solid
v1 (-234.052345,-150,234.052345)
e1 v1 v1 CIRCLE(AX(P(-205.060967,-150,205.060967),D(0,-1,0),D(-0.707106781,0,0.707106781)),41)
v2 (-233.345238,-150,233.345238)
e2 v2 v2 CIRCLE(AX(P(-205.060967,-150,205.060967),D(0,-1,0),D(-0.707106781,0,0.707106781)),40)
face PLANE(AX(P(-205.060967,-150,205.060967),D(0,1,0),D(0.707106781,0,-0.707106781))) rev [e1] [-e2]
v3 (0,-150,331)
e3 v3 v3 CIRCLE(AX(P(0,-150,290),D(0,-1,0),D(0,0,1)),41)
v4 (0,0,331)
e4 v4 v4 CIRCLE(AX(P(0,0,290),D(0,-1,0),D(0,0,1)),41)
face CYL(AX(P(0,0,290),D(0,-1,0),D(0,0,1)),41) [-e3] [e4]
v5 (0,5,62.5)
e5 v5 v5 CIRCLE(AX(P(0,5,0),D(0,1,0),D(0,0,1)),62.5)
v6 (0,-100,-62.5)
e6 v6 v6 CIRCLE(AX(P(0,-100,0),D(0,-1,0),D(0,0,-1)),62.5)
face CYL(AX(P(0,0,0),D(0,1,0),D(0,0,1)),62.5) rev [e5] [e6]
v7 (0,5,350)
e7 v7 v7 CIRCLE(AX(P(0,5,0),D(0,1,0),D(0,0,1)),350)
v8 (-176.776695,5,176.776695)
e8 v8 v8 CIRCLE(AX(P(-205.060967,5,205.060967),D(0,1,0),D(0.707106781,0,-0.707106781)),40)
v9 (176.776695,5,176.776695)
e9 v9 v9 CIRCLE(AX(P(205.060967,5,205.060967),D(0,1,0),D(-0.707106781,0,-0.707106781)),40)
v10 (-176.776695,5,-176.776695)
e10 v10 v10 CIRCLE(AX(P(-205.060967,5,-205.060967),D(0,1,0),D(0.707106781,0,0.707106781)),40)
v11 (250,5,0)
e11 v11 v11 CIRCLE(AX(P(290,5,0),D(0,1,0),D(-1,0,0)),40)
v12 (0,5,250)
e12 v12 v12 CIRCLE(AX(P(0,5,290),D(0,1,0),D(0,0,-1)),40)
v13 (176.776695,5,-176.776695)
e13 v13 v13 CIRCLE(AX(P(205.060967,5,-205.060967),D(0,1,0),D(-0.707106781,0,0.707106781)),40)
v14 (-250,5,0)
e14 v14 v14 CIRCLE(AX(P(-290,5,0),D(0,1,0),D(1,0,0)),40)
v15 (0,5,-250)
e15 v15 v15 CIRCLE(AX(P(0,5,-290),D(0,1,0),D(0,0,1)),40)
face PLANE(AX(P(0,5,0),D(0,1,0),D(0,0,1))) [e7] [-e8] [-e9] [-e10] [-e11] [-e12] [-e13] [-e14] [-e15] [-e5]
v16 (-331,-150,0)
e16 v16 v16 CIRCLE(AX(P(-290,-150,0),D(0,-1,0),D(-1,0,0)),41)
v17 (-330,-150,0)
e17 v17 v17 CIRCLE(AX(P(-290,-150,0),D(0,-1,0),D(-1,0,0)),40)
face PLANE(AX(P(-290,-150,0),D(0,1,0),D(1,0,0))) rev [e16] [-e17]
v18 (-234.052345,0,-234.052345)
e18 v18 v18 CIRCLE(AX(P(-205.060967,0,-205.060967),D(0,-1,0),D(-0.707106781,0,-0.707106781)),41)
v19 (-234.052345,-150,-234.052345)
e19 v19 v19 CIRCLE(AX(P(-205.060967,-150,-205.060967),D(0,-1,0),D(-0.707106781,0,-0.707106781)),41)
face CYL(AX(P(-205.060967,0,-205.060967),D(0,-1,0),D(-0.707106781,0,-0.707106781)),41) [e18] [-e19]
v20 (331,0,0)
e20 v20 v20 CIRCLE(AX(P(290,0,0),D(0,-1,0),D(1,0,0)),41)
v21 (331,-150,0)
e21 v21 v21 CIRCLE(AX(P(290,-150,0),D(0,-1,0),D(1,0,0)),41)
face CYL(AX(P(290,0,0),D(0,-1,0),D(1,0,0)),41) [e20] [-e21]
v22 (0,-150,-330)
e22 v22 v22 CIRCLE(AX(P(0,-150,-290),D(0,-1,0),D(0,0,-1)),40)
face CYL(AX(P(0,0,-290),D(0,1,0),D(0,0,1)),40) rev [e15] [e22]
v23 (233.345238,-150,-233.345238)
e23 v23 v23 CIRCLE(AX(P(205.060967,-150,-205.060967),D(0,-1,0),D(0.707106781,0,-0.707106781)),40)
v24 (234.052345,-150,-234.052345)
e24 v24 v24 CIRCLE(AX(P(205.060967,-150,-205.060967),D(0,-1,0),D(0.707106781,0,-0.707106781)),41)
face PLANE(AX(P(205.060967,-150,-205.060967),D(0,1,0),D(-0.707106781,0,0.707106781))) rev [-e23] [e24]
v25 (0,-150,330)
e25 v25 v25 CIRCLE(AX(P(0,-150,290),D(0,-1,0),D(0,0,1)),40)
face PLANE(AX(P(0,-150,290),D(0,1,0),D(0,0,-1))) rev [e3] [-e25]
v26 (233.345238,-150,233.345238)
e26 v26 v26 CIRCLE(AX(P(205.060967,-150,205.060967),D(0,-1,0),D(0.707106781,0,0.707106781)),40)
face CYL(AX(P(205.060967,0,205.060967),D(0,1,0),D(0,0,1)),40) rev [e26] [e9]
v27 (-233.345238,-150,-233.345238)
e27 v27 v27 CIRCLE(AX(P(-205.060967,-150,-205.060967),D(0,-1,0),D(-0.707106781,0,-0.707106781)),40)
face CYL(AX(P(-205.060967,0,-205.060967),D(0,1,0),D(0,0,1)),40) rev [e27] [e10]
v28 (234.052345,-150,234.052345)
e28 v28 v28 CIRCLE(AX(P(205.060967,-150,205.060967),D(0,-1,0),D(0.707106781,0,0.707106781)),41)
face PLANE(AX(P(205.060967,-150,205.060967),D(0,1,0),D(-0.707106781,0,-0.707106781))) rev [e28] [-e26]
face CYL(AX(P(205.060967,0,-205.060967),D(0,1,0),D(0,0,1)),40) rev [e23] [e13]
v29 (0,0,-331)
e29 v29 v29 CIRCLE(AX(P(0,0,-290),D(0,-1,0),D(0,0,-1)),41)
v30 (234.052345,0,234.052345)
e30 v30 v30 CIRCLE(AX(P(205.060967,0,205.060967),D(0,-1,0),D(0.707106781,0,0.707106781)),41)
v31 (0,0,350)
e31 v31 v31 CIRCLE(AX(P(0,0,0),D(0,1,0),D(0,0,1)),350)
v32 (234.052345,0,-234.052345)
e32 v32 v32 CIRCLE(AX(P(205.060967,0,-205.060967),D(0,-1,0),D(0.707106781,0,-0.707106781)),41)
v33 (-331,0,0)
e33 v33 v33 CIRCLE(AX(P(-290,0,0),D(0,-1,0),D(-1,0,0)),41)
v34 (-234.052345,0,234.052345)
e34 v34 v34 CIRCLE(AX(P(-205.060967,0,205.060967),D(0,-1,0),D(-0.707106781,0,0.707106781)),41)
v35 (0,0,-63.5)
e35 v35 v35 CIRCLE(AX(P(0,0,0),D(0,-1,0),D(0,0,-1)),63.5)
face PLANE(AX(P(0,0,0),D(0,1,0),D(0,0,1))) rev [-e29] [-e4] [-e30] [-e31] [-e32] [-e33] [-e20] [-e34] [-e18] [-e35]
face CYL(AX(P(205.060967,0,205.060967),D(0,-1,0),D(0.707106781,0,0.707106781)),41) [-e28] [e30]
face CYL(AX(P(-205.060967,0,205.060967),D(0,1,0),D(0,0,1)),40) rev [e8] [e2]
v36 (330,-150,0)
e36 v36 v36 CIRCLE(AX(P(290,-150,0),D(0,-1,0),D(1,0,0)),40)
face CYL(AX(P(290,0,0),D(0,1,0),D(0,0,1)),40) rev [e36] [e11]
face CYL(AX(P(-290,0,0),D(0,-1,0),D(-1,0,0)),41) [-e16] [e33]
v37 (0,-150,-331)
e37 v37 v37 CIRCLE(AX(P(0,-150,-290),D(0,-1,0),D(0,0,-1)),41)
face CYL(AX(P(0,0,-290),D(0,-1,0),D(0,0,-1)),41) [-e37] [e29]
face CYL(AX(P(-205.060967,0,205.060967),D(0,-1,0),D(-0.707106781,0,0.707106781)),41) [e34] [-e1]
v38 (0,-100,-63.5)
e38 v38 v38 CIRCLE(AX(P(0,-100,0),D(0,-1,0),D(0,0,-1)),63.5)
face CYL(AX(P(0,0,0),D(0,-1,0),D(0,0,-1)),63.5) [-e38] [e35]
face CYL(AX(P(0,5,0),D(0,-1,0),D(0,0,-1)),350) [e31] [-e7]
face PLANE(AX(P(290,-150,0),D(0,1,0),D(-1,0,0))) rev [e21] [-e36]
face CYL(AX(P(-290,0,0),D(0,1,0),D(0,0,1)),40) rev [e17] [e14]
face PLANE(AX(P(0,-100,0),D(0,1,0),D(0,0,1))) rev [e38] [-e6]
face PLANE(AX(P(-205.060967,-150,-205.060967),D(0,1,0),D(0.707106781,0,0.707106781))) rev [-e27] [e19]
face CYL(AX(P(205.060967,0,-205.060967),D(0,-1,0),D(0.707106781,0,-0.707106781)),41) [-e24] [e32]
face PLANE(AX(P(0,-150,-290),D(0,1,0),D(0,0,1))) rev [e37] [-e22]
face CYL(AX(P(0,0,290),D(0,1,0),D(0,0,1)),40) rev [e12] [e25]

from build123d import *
from build123d.topology import SkipClean

# Parameters (mm, degrees)
SKETCH1_R                = 350
BOSS_EXTRUDE1_DEPTH      = 5
SKETCH3_R                = 62.5
CUT_EXTRUDE2_DEPTH       = 496
SKETCH2_R                = 40
CUT_EXTRUDE1_DEPTH       = 5
SURFACE_EXTRUDE2_1_DEPTH = 150
THICKEN2_T2              = 1
CIRPATTERN4_COUNT        = 8
CIRPATTERN6_COUNT        = 8
SURFACE_EXTRUDE3_2_DEPTH = 100
THICKEN3_T2              = 1


with BuildPart() as part:
    # Sketch1 → Boss-Extrude1 (new body)
    with BuildSketch(Plane(origin=(0, 0, 0), x_dir=(1, 0, 0), z_dir=(0, 1, 0))):
        with Locations(Location((0, 0, 0), (0, 0, 270))):
            Circle(SKETCH1_R)
    extrude(amount=BOSS_EXTRUDE1_DEPTH)

    # Sketch3 → Cut-Extrude2 (cut, through all)
    with BuildSketch(Plane(origin=(0, 5, 0), x_dir=(1, 0, 0), z_dir=(0, 1, 0))):
        with Locations(Location((0, 0, 0), (0, 0, 270))):
            Circle(SKETCH3_R)
    extrude(amount=-CUT_EXTRUDE2_DEPTH, mode=Mode.SUBTRACT)

    # Sketch2 → Cut-Extrude1 (cut)
    with BuildSketch(Plane(origin=(0, 5, 0), x_dir=(1, 0, 0), z_dir=(0, 1, 0))):
        with Locations(Location((0, 290, 0), (0, 0, 270))):
            Circle(SKETCH2_R)
    cut_extrude1 = extrude(amount=-CUT_EXTRUDE1_DEPTH, mode=Mode.SUBTRACT)

    # Surface-Extrude2: a surface, the sketch's curves swept straight by 150 mm
    with SkipClean():  # the faces are left unmerged after this step: merging them gives an invalid solid
        with BuildLine(Plane.XZ, mode=Mode.PRIVATE) as surface_extrude2_1_path:
            CenterArc((0, -290), 40, 0, 360)
        surface_extrude2_1 = Shell.extrude(surface_extrude2_1_path.wire(), (0 * SURFACE_EXTRUDE2_1_DEPTH, -1 * SURFACE_EXTRUDE2_1_DEPTH, 0 * SURFACE_EXTRUDE2_1_DEPTH))
        add(Solid.thicken(surface_extrude2_1, -THICKEN2_T2))

    # CirPattern4: Cut-Extrude1 ×8 about axis
    with SkipClean():  # the faces are left unmerged after this step: merging them gives an invalid solid
        cirpattern4_axis = Axis((0, 5, 0), (0, 1, 0))
        for i in range(1, CIRPATTERN4_COUNT):
            add(cut_extrude1.rotate(cirpattern4_axis, i * 360 / CIRPATTERN4_COUNT), mode=Mode.SUBTRACT)


with BuildPart() as cirpattern6_1:
    # CirPattern6: pattern copy
    add(part.part.rotate(Axis((0, 0, 0), (0, 1, 0)), 1 * 360 / CIRPATTERN6_COUNT))


with BuildPart() as cirpattern6_2:
    # CirPattern6: pattern copy
    add(part.part.rotate(Axis((0, 0, 0), (0, 1, 0)), 2 * 360 / CIRPATTERN6_COUNT))


with BuildPart() as cirpattern6_3:
    # CirPattern6: pattern copy
    add(part.part.rotate(Axis((0, 0, 0), (0, 1, 0)), 3 * 360 / CIRPATTERN6_COUNT))


with BuildPart() as cirpattern6_4:
    # CirPattern6: pattern copy
    add(part.part.rotate(Axis((0, 0, 0), (0, 1, 0)), 4 * 360 / CIRPATTERN6_COUNT))


with BuildPart() as cirpattern6_5:
    # CirPattern6: pattern copy
    add(part.part.rotate(Axis((0, 0, 0), (0, 1, 0)), 5 * 360 / CIRPATTERN6_COUNT))


with BuildPart() as cirpattern6_6:
    # CirPattern6: pattern copy
    add(part.part.rotate(Axis((0, 0, 0), (0, 1, 0)), 6 * 360 / CIRPATTERN6_COUNT))


with BuildPart() as cirpattern6_7:
    # CirPattern6: pattern copy
    add(part.part.rotate(Axis((0, 0, 0), (0, 1, 0)), 7 * 360 / CIRPATTERN6_COUNT))


with BuildPart() as part_1:
    with SkipClean():  # the faces are left unmerged after this step: merging them gives an invalid solid
        add(part.part)

        add(cirpattern6_1.part)  # Thicken3 merges CirPattern6_1

        add(cirpattern6_2.part)  # Thicken3 merges CirPattern6_2

        add(cirpattern6_3.part)  # Thicken3 merges CirPattern6_3

        add(cirpattern6_4.part)  # Thicken3 merges CirPattern6_4

        add(cirpattern6_5.part)  # Thicken3 merges CirPattern6_5

        add(cirpattern6_6.part)  # Thicken3 merges CirPattern6_6

        add(cirpattern6_7.part)  # Thicken3 merges CirPattern6_7
        # Surface-Extrude3: a surface, the sketch's curves swept straight by 100 mm
        with BuildLine(Plane.XZ, mode=Mode.PRIVATE) as surface_extrude3_2_path:
            CenterArc((0, 0), 62.5, 0, 360)
        surface_extrude3_2 = Shell.extrude(surface_extrude3_2_path.wire(), (0 * SURFACE_EXTRUDE3_2_DEPTH, -1 * SURFACE_EXTRUDE3_2_DEPTH, 0 * SURFACE_EXTRUDE3_2_DEPTH))
        add(Solid.thicken(surface_extrude3_2, -THICKEN3_T2))


solid = part_1.part
